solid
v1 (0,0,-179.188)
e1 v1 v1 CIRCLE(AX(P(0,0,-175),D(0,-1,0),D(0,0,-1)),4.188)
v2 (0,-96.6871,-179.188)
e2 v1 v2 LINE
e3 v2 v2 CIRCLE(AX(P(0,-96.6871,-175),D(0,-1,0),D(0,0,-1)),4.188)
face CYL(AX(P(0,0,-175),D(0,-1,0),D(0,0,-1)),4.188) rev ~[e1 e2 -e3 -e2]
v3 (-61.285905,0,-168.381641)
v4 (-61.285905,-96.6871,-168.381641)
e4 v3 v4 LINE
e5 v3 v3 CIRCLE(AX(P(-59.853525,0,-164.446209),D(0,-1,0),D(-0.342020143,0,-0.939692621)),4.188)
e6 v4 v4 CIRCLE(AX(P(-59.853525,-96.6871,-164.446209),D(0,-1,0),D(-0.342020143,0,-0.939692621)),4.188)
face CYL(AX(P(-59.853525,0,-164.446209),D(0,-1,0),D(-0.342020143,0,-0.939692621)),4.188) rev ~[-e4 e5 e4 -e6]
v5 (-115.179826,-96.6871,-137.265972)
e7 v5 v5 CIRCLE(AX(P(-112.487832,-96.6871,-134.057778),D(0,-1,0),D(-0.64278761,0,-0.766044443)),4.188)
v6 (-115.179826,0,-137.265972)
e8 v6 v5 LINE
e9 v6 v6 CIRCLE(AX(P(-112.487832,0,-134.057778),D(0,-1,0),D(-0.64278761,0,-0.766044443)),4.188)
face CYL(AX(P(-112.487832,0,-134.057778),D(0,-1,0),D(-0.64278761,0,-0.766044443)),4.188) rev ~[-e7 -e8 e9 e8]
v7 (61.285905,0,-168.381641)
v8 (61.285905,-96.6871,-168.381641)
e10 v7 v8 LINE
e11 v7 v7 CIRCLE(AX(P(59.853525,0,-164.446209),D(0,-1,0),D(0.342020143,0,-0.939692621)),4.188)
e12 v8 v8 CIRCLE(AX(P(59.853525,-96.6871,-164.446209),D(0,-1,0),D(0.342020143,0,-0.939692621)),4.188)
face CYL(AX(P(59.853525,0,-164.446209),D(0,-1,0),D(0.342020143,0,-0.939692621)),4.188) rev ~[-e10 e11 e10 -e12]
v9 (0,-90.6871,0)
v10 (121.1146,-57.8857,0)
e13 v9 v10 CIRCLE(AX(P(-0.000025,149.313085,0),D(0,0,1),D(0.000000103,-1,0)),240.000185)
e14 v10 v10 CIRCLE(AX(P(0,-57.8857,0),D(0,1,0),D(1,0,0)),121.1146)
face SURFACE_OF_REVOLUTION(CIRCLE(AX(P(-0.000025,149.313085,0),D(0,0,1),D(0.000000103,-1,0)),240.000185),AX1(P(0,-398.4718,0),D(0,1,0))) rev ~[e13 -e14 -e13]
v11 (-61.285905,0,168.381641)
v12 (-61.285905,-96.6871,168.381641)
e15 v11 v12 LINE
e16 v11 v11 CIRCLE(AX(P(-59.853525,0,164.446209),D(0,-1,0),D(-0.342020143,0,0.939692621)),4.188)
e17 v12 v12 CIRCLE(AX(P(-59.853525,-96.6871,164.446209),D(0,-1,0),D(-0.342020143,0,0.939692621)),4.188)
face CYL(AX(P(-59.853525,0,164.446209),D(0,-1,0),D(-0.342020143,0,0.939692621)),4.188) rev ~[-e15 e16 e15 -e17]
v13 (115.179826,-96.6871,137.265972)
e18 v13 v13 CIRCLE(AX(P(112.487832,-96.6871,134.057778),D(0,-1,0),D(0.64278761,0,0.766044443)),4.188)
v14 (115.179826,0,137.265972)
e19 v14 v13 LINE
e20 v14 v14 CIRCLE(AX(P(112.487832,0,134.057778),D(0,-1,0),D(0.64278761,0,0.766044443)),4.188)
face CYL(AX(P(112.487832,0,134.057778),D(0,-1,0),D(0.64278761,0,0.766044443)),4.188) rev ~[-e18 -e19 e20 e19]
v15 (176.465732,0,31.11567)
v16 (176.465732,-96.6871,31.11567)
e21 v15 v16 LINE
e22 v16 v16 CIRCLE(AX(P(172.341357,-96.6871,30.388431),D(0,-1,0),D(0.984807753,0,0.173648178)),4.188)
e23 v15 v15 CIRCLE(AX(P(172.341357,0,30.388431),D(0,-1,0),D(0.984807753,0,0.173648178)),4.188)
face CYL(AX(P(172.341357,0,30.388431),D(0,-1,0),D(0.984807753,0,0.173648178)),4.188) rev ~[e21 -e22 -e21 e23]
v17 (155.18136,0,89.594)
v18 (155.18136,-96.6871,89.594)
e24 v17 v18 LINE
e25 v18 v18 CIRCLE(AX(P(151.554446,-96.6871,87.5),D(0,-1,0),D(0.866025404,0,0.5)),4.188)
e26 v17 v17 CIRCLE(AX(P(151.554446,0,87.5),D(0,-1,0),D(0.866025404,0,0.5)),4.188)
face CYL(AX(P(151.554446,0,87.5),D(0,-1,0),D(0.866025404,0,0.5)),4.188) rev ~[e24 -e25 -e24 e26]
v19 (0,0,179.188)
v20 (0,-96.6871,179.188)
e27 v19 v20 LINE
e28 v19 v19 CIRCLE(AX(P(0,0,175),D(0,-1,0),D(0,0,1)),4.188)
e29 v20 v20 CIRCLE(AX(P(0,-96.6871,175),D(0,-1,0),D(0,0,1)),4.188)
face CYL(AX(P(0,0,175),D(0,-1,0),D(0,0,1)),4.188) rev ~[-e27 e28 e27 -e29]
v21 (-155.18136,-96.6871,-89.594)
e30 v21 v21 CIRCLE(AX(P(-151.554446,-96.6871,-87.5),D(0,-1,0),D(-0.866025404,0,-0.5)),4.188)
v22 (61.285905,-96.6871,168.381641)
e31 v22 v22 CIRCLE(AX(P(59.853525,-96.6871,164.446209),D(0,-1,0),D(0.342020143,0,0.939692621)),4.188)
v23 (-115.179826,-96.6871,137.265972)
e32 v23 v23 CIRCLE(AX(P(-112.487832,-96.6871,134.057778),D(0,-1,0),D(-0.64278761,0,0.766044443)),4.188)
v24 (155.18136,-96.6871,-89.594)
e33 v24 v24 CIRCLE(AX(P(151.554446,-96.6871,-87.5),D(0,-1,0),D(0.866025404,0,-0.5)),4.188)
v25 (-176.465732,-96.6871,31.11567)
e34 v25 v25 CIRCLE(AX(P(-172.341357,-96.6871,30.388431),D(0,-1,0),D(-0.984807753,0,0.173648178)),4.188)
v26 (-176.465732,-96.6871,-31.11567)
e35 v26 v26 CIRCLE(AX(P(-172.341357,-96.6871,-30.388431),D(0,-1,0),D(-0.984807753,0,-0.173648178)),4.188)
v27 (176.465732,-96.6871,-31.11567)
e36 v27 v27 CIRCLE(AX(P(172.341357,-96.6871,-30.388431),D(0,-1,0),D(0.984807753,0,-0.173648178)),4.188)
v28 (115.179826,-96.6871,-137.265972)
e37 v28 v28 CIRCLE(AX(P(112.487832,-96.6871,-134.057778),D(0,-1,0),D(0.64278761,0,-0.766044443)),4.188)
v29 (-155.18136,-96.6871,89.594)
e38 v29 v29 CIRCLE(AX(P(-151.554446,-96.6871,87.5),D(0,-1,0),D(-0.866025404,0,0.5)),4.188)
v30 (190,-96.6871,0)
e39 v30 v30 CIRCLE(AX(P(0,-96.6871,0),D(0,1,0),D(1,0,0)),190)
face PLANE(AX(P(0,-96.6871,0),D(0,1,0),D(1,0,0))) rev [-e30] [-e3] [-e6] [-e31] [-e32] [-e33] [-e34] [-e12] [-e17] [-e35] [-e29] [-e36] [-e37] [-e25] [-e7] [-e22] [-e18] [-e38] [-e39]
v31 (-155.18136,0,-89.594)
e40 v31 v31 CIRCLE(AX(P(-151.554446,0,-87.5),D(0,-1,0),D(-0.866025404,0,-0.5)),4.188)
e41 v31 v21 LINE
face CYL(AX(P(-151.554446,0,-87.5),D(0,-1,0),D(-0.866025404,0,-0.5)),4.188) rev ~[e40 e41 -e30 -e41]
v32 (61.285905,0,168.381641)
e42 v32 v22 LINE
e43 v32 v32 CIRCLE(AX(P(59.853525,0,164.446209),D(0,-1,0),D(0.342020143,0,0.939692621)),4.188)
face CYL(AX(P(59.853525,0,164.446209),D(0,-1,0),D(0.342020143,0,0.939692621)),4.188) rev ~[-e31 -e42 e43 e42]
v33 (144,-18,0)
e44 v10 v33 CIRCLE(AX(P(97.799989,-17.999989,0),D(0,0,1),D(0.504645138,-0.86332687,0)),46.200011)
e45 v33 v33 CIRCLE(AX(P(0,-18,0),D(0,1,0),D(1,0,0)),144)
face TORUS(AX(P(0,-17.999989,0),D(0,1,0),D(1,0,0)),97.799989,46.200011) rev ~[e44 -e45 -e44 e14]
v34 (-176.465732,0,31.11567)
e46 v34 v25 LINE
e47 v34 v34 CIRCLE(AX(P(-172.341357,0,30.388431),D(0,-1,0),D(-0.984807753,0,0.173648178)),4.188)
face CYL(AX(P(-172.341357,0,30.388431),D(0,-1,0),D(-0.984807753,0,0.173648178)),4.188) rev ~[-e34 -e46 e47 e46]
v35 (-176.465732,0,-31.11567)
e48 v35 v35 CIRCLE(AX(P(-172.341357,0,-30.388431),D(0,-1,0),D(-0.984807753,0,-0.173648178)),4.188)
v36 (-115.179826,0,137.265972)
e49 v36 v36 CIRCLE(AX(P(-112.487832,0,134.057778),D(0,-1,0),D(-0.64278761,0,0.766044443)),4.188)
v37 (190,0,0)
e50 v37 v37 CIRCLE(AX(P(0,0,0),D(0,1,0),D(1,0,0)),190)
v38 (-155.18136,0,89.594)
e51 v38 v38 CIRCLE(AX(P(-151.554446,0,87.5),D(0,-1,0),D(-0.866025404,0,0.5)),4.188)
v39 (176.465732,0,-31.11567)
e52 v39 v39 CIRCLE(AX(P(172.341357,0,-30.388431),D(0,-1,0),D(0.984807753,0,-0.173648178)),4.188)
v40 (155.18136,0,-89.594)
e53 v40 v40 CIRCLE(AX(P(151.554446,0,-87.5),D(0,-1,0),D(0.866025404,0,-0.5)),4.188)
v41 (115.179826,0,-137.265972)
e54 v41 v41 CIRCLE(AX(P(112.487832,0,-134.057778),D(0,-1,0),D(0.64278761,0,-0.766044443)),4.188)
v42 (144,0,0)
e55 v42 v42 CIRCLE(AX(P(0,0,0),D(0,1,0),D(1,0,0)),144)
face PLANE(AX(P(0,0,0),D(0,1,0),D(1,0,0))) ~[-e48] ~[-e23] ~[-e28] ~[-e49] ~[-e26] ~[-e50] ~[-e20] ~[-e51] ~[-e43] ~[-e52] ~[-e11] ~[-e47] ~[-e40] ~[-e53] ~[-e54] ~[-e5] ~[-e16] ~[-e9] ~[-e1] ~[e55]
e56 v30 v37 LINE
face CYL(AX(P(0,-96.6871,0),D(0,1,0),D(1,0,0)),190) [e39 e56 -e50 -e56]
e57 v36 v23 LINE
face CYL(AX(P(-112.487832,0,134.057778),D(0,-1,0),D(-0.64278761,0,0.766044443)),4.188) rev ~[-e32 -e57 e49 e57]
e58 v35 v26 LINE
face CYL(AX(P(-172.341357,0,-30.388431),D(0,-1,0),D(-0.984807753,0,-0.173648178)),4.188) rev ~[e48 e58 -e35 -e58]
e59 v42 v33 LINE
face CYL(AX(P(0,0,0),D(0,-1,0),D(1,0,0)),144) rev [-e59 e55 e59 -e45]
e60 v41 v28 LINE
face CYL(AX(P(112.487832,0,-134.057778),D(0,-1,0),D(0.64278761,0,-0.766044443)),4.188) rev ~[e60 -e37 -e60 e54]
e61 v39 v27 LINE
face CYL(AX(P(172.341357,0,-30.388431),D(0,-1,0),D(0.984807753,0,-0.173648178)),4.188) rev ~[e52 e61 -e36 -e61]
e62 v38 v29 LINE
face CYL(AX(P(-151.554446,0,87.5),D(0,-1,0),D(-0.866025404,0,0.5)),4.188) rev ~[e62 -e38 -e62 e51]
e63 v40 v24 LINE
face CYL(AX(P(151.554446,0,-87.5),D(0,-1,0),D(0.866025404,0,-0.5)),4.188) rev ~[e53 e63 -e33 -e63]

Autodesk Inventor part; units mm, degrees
ref_plane "YZ Plane" through (0, 0, 0) normal (1, 0, 0) x (0, 1, 0)
ref_plane "XZ Plane" through (0, 0, 0) normal (0, 1, 0) x (-1, 0, 0)
ref_plane "XY Plane" through (0, 0, 0) normal (0, 0, 1) x (1, 0, 0)
sketch "Sketch1" plane through (0, 0, 0) normal (0, 0, 1) x (1, 0, 0)
  line L0 (0, -398.4718) -> (0, 217.0976) construction
  line L1 (144, 0) -> (144, -18)
  arc A0 (121.1146, -57.8857) -> (144, -18) centre (97.8, -18) ccw
  arc A1 (0, -90.6871) -> (121.1146, -57.8857) centre (0, 149.3129) ccw
  line L2 (144, 0) -> (190, 0)
  line L3 (144, -18) -> (97.8, -18) construction
  line L4 (121.1146, -57.8857) -> (97.8, -18) construction
  line L5 (0, -90.6871) -> (0, -96.6871)
  line L6 (0, -96.6871) -> (190, -96.6871)
  line L7 (190, -96.6871) -> (190, 0)
  point P0 (0, 0)
  dimension "d0" = 288
  dimension "d19" = 380
  dimension "d20" = 6
  dimension "d22" = 18
  dimension "d23" = 46.2
  dimension "d24" = 240
revolve "Revolution1" add sketch "Sketch1" angle 360 about axis through (0, -398.4718, 0) along (0, 1, 0)
sketch "Sketch2" plane through (0, 0, 0) normal (0, 1, 0) x (1, 0, 0)
  point P0 (0, 0)
  point P1 (0, -175)
  point P2 (0, 0)
  dimension "d8" = 175
hole "Hole1" at (0, 0, 175) direction (0, -1, 0) diameter 8.376 end through all thread size "M10x1.5" class "6H" standard "ISO Metric profile"
pattern_circular "Circular Pattern1" count 18 over 360 about axis through (0, -9, 0) along (0, 1, 0) of "Hole1"
properties part number "Korbbogenboden"
